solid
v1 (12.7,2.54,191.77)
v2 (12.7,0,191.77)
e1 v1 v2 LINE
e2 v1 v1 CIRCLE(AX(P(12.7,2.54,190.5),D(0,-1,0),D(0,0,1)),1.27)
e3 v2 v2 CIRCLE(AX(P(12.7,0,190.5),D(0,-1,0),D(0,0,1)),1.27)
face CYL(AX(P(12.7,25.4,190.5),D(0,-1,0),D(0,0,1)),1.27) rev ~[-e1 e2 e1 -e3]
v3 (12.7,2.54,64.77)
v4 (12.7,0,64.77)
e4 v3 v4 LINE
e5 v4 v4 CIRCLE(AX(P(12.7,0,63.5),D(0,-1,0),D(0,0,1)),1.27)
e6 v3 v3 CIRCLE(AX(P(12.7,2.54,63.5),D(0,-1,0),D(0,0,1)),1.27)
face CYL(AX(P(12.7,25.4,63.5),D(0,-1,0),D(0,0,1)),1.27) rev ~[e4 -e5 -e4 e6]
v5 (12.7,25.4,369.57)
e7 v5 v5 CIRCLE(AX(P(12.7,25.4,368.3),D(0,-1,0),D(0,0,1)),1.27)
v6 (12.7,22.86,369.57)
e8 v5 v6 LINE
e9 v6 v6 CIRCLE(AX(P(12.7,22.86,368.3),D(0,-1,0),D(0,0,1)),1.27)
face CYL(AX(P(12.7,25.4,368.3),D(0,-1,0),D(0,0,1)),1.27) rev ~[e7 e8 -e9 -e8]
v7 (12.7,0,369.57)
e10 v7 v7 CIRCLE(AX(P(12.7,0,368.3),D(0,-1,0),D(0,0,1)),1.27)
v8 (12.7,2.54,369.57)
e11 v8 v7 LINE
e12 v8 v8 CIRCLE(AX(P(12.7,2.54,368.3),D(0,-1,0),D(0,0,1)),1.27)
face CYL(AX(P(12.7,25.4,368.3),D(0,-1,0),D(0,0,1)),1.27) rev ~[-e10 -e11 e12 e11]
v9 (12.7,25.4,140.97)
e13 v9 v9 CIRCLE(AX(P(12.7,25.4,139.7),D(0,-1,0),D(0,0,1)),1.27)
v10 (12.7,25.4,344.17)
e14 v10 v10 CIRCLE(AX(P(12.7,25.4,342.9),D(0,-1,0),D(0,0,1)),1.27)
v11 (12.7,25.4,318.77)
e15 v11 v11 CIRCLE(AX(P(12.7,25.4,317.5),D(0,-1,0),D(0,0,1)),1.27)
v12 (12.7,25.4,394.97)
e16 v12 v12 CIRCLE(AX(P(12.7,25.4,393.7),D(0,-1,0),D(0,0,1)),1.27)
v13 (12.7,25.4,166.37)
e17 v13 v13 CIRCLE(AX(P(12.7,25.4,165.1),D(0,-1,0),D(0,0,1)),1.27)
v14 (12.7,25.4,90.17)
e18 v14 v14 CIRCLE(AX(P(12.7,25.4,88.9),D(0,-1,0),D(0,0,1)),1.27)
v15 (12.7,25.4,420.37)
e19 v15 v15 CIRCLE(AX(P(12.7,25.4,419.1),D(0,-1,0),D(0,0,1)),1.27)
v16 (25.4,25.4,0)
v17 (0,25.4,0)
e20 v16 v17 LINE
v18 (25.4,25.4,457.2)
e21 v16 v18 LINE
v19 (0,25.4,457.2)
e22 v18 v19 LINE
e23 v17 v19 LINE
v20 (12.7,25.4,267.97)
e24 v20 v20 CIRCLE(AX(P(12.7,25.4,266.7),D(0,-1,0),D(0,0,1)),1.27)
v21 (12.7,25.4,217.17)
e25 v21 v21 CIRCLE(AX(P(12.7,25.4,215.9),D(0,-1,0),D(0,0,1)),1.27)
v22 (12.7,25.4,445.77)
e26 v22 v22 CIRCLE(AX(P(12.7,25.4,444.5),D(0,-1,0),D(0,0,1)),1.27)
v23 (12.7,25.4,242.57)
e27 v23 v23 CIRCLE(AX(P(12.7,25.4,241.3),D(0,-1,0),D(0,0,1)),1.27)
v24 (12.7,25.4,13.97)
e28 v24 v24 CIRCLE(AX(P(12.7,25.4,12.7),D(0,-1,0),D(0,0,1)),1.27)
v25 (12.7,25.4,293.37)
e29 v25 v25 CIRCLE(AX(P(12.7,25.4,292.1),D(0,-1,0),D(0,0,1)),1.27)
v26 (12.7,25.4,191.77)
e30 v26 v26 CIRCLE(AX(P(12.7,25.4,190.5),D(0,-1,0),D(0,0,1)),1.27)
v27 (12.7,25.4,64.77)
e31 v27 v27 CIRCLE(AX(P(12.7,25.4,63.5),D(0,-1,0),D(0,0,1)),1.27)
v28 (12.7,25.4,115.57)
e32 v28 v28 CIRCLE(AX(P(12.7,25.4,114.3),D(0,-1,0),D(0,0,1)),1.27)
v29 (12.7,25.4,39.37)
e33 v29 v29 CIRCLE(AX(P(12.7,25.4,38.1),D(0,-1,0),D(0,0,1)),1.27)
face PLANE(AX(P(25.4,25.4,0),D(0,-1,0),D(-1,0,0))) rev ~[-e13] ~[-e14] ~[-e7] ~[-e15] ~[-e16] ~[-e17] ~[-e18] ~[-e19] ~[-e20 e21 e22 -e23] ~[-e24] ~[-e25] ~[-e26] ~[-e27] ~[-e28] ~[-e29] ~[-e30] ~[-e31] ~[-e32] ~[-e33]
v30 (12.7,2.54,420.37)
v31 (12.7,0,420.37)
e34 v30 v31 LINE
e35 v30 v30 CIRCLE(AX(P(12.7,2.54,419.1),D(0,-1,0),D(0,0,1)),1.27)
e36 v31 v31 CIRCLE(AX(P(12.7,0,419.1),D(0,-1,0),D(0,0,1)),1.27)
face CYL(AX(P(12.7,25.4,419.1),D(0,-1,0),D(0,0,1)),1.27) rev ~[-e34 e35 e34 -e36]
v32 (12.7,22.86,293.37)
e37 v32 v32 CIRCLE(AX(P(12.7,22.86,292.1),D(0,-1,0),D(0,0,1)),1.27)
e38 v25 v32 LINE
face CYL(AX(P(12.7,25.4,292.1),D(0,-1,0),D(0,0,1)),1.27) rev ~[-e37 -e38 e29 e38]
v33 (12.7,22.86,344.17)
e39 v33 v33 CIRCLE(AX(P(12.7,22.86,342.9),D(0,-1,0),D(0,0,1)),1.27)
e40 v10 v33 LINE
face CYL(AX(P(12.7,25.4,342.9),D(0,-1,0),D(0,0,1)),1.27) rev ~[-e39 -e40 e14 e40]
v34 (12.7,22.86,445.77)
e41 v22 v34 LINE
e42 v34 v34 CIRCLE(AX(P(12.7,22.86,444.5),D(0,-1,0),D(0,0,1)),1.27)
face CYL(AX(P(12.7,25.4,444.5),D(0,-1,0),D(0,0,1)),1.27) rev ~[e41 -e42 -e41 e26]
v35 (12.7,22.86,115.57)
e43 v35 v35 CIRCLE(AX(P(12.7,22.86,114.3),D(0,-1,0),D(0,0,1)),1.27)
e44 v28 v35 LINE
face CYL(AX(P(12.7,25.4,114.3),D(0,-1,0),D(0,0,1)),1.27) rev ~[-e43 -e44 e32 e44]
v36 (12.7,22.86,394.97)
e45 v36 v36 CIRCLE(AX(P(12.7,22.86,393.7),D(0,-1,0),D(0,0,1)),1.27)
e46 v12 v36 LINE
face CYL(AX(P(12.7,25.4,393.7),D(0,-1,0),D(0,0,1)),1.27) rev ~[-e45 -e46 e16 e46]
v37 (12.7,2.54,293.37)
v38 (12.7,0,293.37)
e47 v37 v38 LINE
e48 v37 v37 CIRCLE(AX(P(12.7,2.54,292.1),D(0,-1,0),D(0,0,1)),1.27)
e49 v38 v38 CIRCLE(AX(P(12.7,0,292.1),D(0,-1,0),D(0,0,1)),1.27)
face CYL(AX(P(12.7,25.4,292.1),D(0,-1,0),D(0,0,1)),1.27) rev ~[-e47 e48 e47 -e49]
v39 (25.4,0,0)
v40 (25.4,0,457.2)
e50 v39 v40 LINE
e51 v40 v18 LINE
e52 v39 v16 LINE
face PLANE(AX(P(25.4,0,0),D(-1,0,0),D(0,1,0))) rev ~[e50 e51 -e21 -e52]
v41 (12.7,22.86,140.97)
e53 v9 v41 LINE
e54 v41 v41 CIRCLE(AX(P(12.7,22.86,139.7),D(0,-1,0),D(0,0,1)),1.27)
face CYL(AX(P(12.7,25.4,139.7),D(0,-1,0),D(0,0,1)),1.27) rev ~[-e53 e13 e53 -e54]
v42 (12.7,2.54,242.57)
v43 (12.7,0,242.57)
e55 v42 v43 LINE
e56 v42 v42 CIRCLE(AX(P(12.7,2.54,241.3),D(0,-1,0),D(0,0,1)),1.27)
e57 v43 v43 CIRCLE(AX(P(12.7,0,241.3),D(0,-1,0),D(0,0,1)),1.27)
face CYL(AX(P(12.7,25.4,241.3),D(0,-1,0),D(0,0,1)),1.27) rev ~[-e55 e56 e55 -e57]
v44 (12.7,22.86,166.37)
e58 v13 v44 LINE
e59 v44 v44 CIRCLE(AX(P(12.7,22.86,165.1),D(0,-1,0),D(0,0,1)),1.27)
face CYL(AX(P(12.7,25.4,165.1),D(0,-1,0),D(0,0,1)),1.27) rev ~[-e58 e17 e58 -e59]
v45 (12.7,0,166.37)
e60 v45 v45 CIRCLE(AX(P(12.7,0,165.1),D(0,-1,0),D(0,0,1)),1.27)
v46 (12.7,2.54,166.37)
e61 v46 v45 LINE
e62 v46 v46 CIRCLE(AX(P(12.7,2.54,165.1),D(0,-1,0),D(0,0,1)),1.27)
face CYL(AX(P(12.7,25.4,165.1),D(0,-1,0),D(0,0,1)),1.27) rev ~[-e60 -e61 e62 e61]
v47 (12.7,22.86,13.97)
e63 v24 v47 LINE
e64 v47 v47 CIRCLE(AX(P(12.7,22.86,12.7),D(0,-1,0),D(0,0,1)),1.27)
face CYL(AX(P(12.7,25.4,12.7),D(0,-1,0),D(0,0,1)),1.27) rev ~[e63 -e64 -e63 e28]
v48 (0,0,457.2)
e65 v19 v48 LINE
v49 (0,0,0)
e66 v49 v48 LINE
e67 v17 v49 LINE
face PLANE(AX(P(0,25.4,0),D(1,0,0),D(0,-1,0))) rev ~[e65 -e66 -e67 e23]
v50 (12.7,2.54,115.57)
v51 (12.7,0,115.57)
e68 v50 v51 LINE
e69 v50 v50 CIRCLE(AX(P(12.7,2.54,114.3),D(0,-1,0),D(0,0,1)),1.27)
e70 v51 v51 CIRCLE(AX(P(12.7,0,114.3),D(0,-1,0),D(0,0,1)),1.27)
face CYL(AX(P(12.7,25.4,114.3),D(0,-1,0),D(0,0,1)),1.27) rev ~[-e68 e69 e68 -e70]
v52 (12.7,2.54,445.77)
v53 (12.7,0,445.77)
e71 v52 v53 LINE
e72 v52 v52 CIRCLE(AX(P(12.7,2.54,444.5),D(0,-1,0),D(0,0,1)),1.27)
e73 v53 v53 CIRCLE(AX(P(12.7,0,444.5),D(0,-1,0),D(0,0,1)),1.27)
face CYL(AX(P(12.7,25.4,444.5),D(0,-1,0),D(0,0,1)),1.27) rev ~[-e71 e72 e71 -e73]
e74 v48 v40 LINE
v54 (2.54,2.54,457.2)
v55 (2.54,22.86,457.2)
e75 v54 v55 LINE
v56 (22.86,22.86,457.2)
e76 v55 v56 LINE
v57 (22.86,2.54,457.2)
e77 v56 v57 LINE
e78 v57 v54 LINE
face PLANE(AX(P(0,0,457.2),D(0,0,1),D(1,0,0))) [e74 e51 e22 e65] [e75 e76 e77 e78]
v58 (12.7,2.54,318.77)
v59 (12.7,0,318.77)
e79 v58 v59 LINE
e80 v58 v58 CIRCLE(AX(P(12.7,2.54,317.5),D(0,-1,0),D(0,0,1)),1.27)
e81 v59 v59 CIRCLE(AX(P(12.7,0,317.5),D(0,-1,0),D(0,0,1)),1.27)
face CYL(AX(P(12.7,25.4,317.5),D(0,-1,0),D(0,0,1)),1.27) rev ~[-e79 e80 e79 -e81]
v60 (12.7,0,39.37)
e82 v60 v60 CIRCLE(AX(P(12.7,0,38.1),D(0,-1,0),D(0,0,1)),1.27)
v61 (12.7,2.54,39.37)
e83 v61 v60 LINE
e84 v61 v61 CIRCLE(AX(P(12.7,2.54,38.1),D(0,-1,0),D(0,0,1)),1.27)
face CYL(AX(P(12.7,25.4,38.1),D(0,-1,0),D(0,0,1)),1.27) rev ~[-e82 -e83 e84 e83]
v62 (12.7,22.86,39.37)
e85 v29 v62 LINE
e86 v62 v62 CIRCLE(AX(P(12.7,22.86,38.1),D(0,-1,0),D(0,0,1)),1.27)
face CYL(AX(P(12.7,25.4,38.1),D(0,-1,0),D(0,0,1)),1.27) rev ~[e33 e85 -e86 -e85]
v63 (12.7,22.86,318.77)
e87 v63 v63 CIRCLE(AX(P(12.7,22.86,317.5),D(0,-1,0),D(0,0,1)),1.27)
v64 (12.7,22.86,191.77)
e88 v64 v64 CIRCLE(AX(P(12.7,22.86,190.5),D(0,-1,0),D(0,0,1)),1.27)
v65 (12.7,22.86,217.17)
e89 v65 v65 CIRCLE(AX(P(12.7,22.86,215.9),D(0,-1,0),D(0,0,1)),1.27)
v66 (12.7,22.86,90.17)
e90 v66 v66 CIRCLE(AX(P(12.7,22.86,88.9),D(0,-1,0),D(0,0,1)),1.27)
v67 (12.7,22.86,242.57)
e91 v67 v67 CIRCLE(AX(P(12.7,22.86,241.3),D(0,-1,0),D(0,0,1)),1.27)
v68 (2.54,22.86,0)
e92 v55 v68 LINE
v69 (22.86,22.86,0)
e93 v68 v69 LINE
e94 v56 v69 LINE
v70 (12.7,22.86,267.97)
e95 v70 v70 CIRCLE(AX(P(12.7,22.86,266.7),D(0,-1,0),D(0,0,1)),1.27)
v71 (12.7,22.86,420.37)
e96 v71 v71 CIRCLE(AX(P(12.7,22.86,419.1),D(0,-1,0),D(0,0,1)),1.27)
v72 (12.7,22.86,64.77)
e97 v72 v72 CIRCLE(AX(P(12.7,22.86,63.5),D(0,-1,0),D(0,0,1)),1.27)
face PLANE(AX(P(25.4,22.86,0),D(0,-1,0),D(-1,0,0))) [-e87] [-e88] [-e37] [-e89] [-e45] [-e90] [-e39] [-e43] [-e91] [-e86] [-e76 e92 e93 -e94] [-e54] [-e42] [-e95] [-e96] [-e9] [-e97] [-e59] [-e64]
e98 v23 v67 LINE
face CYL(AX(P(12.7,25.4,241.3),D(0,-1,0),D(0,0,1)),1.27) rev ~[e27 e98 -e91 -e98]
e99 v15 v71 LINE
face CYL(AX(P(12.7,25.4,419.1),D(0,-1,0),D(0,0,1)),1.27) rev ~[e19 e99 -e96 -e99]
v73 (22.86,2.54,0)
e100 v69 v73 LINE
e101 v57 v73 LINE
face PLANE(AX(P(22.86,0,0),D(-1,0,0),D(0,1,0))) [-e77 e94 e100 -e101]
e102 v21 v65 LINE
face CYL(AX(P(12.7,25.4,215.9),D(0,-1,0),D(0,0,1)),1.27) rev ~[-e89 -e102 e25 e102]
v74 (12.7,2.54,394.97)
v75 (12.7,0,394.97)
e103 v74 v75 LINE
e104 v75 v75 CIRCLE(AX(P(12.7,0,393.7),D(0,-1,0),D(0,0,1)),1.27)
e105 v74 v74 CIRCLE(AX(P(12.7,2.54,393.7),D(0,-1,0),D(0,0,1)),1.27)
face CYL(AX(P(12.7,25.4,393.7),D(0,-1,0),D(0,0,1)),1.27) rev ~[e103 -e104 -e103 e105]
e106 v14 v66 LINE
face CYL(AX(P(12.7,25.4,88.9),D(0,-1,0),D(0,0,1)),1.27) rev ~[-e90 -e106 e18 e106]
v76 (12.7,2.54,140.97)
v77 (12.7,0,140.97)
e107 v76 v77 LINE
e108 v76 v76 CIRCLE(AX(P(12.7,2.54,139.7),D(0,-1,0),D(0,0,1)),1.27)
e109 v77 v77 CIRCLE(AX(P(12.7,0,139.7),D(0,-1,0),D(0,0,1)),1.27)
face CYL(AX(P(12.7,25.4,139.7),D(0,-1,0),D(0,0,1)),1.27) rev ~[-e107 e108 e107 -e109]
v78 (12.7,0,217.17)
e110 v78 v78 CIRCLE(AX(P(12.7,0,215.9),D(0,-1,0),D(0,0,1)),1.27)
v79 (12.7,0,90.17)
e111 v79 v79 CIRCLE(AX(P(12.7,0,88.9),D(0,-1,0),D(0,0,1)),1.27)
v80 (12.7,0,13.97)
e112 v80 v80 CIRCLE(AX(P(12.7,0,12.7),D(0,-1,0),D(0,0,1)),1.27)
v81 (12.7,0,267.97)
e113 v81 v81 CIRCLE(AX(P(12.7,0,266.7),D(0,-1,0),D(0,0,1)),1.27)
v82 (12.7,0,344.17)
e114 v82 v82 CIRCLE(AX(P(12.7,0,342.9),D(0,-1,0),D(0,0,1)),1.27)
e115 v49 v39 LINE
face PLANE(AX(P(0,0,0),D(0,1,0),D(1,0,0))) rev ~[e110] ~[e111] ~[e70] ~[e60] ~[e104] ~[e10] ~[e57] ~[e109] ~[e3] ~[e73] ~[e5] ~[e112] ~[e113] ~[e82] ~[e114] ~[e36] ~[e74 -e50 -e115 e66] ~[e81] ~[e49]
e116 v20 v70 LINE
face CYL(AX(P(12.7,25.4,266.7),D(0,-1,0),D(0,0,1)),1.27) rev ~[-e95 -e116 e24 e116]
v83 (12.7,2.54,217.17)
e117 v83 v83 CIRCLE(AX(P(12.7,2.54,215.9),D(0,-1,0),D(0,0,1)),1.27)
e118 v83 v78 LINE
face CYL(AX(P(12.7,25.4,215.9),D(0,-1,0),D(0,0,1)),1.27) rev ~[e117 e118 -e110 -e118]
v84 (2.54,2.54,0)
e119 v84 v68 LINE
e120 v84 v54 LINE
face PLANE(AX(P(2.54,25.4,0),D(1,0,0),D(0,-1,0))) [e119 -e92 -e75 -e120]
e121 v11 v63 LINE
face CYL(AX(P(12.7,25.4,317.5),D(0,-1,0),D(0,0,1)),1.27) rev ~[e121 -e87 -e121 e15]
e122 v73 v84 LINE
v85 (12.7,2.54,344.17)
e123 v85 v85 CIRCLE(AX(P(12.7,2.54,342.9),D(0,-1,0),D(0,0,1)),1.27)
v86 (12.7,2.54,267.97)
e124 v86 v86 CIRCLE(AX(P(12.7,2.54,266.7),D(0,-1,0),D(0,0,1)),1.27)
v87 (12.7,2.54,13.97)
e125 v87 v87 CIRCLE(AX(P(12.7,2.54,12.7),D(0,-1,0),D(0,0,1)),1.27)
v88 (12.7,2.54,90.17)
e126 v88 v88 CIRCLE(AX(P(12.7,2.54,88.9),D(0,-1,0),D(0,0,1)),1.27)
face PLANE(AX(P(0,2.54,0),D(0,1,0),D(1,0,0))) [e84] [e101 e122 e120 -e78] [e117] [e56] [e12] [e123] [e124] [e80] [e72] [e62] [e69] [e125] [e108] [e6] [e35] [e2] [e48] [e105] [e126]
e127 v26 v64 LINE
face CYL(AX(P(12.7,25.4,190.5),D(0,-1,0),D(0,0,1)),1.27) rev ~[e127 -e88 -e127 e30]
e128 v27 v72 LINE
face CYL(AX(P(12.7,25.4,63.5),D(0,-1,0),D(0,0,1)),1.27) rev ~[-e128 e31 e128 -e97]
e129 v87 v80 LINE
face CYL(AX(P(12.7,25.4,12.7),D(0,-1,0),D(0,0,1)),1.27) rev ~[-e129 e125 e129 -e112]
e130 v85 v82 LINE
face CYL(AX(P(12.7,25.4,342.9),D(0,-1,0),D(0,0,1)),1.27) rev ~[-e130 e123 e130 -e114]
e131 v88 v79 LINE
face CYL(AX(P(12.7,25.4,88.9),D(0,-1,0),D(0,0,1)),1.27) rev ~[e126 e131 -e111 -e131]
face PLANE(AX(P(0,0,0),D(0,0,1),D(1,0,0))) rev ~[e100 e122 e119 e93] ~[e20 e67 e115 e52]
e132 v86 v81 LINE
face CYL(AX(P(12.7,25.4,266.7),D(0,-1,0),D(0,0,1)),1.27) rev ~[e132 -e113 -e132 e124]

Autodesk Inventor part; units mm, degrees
ref_plane "YZ Plane" through (0, 0, 0) normal (1, 0, 0) x (0, 1, 0)
ref_plane "XZ Plane" through (0, 0, 0) normal (0, 1, 0) x (-1, 0, 0)
ref_plane "XY Plane" through (0, 0, 0) normal (0, 0, 1) x (1, 0, 0)
sketch "Sketch1" plane through (0, 0, 0) normal (0, 0, 1) x (1, 0, 0)
  line L0 (0, 0) -> (25.4, 0)
  line L1 (25.4, 0) -> (25.4, 25.4)
  line L2 (25.4, 25.4) -> (0, 25.4)
  line L3 (0, 25.4) -> (0, 0)
  dimension "d0" = 25.4
  dimension "d1" = 25.4
extrude "Extrusion1" add sketch "Sketch1" along normal blind 457.2
shell "Shell1" thickness 2.54 removed faces 2 at (8.4667, 16.9333, 0) at (8.4667, 16.9333, 457.2)
sketch "Sketch2" plane through (0, 25.4, 0) normal (0, 1, 0) x (1, 0, 0)
  line L0 (25.4, 0) -> (0, 0) projected
  line L1 (0, 0) -> (0, -457.2) projected
  point P0 (12.7, -12.7)
  point P1 (12.7, -38.1)
  point P2 (12.7, -63.5)
  point P3 (12.7, -88.9)
  point P4 (12.7, -114.3)
  point P5 (12.7, -139.7)
  point P6 (12.7, -165.1)
  point P7 (12.7, -190.5)
  point P8 (12.7, -215.9)
  point P9 (12.7, -241.3)
  point P10 (12.7, -266.7)
  point P11 (12.7, -292.1)
  point P12 (12.7, -317.5)
  point P13 (12.7, -342.9)
  point P14 (12.7, -368.3)
  point P15 (12.7, -393.7)
  point P16 (12.7, -419.1)
  point P17 (12.7, -444.5)
  point P18 (12.7, -469.9)
  point P19 (12.7, -495.3)
  point P20 (12.7, -520.7)
  point P21 (12.7, -546.1)
  point P22 (12.7, -571.5)
  point P23 (12.7, -596.9)
  point P24 (12.7, -622.3)
  point P25 (12.7, -647.7)
  point P26 (12.7, -673.1)
  point P27 (12.7, -698.5)
  point P28 (12.7, -723.9)
  point P29 (12.7, -749.3)
  point P30 (12.7, -774.7)
  point P31 (12.7, -800.1)
  point P32 (12.7, -825.5)
  point P33 (12.7, -850.9)
  point P34 (12.7, -876.3)
  point P35 (12.7, -901.7)
  point P36 (12.7, -927.1)
  dimension "d5" = 12.7
  dimension "d6" = 12.7
  dimension "d9" = 25.4
hole "Hole1" at (12.7, 25.4, 12.7) at (12.7, 25.4, 38.1) at (12.7, 25.4, 63.5) at (12.7, 25.4, 88.9) at (12.7, 25.4, 114.3) at (12.7, 25.4, 139.7) at (12.7, 25.4, 165.1) at (12.7, 25.4, 190.5) at (12.7, 25.4, 215.9) at (12.7, 25.4, 241.3) at (12.7, 25.4, 266.7) at (12.7, 25.4, 292.1) at (12.7, 25.4, 317.5) at (12.7, 25.4, 342.9) at (12.7, 25.4, 368.3) at (12.7, 25.4, 393.7) at (12.7, 25.4, 419.1) at (12.7, 25.4, 444.5) at (12.7, 25.4, 469.9) at (12.7, 25.4, 495.3) at (12.7, 25.4, 520.7) at (12.7, 25.4, 546.1) at (12.7, 25.4, 571.5) at (12.7, 25.4, 596.9) at (12.7, 25.4, 622.3) at (12.7, 25.4, 647.7) at (12.7, 25.4, 673.1) at (12.7, 25.4, 698.5) at (12.7, 25.4, 723.9) at (12.7, 25.4, 749.3) at (12.7, 25.4, 774.7) at (12.7, 25.4, 800.1) at (12.7, 25.4, 825.5) at (12.7, 25.4, 850.9) at (12.7, 25.4, 876.3) at (12.7, 25.4, 901.7) direction (0, -1, 0) diameter 2.54 depth 50.8 tip angle 118
properties part number "cross bar" material "Aluminum 6061"
